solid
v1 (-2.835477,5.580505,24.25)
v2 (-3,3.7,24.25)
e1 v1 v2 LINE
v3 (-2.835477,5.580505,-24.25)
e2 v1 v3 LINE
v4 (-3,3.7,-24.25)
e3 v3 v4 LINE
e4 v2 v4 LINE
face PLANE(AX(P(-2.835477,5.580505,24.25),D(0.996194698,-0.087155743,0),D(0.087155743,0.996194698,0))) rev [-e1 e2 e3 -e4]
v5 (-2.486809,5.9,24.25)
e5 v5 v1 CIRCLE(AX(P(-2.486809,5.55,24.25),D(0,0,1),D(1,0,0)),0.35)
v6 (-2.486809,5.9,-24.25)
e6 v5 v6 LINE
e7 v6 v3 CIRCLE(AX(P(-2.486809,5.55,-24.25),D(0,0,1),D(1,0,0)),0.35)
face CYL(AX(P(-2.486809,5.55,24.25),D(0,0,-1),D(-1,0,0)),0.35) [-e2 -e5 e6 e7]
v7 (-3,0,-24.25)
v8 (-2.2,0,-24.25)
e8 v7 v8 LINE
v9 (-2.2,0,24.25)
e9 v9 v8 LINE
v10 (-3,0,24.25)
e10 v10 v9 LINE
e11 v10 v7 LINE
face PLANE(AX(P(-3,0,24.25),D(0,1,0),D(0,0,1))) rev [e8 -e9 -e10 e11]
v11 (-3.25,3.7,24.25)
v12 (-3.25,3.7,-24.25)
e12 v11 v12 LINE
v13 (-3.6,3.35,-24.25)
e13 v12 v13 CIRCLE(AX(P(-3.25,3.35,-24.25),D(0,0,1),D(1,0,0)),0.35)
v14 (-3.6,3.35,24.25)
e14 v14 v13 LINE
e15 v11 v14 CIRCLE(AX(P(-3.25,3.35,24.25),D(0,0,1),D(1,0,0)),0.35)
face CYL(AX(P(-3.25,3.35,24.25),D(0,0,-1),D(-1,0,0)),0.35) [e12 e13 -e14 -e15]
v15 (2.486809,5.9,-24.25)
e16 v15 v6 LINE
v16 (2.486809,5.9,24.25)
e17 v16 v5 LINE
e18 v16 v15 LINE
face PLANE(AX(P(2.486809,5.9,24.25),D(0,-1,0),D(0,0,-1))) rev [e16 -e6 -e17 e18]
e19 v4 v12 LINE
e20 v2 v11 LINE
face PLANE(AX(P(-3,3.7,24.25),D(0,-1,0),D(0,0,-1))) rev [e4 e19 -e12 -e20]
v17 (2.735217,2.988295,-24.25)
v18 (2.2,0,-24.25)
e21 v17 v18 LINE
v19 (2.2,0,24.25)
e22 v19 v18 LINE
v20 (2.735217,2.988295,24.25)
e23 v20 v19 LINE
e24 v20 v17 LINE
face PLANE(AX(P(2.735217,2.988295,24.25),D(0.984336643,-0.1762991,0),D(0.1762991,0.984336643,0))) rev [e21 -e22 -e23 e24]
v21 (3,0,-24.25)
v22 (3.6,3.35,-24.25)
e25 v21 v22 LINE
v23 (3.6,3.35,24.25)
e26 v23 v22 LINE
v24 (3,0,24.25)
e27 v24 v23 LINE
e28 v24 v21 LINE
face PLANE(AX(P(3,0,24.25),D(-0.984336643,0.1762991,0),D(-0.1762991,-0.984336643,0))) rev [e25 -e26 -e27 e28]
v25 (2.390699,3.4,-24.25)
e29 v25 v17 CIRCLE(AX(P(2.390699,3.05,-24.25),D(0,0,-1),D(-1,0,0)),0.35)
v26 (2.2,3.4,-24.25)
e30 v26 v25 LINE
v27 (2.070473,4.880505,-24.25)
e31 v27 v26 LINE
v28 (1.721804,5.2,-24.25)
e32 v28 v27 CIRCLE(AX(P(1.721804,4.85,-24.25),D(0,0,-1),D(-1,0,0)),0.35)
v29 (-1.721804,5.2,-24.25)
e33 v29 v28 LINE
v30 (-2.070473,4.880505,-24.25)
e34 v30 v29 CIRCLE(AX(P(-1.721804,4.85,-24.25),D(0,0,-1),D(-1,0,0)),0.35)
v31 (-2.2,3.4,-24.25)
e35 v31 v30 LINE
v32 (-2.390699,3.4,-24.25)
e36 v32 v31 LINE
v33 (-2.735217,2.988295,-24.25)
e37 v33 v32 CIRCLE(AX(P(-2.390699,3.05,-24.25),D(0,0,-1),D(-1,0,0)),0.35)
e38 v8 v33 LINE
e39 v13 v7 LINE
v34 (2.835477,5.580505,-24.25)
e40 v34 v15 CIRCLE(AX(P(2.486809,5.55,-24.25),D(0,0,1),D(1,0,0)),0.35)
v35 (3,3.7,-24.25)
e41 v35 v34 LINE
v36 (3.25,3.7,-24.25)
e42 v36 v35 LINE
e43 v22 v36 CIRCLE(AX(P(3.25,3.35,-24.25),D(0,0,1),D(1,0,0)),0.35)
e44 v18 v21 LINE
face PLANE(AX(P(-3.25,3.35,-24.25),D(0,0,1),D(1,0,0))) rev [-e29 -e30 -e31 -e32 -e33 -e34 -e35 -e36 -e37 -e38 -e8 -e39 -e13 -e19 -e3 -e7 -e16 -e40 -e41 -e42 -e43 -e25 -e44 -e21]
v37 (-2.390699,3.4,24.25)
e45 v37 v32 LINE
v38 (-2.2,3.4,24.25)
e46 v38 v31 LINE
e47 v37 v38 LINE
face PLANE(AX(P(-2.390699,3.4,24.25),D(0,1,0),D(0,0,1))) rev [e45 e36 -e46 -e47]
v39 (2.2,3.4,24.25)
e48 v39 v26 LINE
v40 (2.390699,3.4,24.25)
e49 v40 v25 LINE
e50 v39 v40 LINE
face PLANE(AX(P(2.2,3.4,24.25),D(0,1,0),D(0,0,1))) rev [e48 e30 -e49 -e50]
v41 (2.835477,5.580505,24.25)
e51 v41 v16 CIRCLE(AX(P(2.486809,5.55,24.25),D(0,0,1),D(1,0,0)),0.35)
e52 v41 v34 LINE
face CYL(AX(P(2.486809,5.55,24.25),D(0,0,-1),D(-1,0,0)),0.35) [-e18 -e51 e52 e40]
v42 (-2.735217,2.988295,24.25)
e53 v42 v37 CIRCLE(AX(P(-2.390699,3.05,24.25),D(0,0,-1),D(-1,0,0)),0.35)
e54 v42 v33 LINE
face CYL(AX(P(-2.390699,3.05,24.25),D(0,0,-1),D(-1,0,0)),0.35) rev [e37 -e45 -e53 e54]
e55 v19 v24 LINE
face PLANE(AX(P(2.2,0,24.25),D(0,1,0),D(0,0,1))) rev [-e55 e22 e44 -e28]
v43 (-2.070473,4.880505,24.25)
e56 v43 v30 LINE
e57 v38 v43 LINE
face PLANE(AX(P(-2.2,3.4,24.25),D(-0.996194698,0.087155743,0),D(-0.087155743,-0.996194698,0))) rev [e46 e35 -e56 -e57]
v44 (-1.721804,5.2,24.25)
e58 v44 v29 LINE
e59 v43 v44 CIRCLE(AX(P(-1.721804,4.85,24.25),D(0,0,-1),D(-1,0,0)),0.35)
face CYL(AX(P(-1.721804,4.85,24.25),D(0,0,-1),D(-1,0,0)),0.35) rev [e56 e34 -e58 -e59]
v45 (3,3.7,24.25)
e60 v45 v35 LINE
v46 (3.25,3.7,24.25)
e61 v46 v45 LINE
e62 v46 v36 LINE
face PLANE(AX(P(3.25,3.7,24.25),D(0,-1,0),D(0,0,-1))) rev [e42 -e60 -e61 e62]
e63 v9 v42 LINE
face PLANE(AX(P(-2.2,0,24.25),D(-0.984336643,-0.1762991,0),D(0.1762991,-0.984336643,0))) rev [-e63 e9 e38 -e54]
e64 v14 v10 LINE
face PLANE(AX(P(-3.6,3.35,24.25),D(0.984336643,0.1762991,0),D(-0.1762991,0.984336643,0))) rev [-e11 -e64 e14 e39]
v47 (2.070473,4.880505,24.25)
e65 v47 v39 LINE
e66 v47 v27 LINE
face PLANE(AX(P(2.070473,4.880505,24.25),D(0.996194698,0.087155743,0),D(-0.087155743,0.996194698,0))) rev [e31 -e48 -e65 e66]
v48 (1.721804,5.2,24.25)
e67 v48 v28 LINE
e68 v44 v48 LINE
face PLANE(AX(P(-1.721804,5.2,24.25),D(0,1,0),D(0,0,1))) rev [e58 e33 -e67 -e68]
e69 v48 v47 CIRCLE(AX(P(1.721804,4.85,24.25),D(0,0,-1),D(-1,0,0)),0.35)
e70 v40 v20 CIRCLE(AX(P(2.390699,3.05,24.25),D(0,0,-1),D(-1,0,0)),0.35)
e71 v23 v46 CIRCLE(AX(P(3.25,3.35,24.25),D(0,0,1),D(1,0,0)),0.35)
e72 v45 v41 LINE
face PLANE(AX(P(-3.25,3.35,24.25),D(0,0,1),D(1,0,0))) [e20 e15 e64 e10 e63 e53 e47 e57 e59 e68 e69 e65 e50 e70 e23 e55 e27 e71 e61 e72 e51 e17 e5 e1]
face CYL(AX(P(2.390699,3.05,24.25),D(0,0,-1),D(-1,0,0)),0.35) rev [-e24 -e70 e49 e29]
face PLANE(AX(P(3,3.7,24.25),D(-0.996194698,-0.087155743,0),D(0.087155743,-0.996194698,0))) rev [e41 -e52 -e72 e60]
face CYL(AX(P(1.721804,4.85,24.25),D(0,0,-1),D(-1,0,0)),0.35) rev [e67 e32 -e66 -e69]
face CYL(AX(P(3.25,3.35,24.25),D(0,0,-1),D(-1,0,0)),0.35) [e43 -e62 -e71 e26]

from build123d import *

# Parameters (mm, degrees)
BOSS_EXTRUDE1_DEPTH = 24.25


with BuildPart() as part:
    # Sketch1 → Boss-Extrude1 (new body, symmetric)
    with BuildSketch(Plane.XY):
        with BuildLine():
            Line((-3.6, 3.35), (-3, 0))
            Line((-3, 0), (-2.2, 0))
            Line((-2.2, 0), (-2.735217071, 2.988295315))
            ThreePointArc((-2.735217071, 2.988295315), (-2.659117427, 3.274614514), (-2.390699246, 3.4))
            Line((-2.390699246, 3.4), (-2.2, 3.4))
            Line((-2.2, 3.4), (-2.070472639, 4.88050451))
            ThreePointArc((-2.070472639, 4.88050451), (-1.958261067, 5.108047068), (-1.721804495, 5.2))
            Line((-1.721804495, 5.2), (1.721804495, 5.2))
            ThreePointArc((1.721804495, 5.2), (1.958261067, 5.108047068), (2.070472639, 4.88050451))
            Line((2.070472639, 4.88050451), (2.2, 3.4))
            Line((2.2, 3.4), (2.390699246, 3.4))
            ThreePointArc((2.390699246, 3.4), (2.659117427, 3.274614514), (2.735217071, 2.988295315))
            Line((2.735217071, 2.988295315), (2.2, 0))
            Line((2.2, 0), (3, 0))
            Line((3, 0), (3.6, 3.35))
            ThreePointArc((3.6, 3.35), (3.497487373, 3.597487373), (3.25, 3.7))
            Line((3.25, 3.7), (3, 3.7))
            Line((3, 3.7), (2.835477174, 5.58050451))
            ThreePointArc((2.835477174, 5.58050451), (2.723265602, 5.808047068), (2.486809029, 5.9))
            Line((2.486809029, 5.9), (-2.486809029, 5.9))
            ThreePointArc((-2.486809029, 5.9), (-2.723265602, 5.808047068), (-2.835477174, 5.58050451))
            Line((-2.835477174, 5.58050451), (-3, 3.7))
            Line((-3, 3.7), (-3.25, 3.7))
            ThreePointArc((-3.25, 3.7), (-3.497487373, 3.597487373), (-3.6, 3.35))
        make_face()
    extrude(amount=BOSS_EXTRUDE1_DEPTH, both=True)


solid = part.part
